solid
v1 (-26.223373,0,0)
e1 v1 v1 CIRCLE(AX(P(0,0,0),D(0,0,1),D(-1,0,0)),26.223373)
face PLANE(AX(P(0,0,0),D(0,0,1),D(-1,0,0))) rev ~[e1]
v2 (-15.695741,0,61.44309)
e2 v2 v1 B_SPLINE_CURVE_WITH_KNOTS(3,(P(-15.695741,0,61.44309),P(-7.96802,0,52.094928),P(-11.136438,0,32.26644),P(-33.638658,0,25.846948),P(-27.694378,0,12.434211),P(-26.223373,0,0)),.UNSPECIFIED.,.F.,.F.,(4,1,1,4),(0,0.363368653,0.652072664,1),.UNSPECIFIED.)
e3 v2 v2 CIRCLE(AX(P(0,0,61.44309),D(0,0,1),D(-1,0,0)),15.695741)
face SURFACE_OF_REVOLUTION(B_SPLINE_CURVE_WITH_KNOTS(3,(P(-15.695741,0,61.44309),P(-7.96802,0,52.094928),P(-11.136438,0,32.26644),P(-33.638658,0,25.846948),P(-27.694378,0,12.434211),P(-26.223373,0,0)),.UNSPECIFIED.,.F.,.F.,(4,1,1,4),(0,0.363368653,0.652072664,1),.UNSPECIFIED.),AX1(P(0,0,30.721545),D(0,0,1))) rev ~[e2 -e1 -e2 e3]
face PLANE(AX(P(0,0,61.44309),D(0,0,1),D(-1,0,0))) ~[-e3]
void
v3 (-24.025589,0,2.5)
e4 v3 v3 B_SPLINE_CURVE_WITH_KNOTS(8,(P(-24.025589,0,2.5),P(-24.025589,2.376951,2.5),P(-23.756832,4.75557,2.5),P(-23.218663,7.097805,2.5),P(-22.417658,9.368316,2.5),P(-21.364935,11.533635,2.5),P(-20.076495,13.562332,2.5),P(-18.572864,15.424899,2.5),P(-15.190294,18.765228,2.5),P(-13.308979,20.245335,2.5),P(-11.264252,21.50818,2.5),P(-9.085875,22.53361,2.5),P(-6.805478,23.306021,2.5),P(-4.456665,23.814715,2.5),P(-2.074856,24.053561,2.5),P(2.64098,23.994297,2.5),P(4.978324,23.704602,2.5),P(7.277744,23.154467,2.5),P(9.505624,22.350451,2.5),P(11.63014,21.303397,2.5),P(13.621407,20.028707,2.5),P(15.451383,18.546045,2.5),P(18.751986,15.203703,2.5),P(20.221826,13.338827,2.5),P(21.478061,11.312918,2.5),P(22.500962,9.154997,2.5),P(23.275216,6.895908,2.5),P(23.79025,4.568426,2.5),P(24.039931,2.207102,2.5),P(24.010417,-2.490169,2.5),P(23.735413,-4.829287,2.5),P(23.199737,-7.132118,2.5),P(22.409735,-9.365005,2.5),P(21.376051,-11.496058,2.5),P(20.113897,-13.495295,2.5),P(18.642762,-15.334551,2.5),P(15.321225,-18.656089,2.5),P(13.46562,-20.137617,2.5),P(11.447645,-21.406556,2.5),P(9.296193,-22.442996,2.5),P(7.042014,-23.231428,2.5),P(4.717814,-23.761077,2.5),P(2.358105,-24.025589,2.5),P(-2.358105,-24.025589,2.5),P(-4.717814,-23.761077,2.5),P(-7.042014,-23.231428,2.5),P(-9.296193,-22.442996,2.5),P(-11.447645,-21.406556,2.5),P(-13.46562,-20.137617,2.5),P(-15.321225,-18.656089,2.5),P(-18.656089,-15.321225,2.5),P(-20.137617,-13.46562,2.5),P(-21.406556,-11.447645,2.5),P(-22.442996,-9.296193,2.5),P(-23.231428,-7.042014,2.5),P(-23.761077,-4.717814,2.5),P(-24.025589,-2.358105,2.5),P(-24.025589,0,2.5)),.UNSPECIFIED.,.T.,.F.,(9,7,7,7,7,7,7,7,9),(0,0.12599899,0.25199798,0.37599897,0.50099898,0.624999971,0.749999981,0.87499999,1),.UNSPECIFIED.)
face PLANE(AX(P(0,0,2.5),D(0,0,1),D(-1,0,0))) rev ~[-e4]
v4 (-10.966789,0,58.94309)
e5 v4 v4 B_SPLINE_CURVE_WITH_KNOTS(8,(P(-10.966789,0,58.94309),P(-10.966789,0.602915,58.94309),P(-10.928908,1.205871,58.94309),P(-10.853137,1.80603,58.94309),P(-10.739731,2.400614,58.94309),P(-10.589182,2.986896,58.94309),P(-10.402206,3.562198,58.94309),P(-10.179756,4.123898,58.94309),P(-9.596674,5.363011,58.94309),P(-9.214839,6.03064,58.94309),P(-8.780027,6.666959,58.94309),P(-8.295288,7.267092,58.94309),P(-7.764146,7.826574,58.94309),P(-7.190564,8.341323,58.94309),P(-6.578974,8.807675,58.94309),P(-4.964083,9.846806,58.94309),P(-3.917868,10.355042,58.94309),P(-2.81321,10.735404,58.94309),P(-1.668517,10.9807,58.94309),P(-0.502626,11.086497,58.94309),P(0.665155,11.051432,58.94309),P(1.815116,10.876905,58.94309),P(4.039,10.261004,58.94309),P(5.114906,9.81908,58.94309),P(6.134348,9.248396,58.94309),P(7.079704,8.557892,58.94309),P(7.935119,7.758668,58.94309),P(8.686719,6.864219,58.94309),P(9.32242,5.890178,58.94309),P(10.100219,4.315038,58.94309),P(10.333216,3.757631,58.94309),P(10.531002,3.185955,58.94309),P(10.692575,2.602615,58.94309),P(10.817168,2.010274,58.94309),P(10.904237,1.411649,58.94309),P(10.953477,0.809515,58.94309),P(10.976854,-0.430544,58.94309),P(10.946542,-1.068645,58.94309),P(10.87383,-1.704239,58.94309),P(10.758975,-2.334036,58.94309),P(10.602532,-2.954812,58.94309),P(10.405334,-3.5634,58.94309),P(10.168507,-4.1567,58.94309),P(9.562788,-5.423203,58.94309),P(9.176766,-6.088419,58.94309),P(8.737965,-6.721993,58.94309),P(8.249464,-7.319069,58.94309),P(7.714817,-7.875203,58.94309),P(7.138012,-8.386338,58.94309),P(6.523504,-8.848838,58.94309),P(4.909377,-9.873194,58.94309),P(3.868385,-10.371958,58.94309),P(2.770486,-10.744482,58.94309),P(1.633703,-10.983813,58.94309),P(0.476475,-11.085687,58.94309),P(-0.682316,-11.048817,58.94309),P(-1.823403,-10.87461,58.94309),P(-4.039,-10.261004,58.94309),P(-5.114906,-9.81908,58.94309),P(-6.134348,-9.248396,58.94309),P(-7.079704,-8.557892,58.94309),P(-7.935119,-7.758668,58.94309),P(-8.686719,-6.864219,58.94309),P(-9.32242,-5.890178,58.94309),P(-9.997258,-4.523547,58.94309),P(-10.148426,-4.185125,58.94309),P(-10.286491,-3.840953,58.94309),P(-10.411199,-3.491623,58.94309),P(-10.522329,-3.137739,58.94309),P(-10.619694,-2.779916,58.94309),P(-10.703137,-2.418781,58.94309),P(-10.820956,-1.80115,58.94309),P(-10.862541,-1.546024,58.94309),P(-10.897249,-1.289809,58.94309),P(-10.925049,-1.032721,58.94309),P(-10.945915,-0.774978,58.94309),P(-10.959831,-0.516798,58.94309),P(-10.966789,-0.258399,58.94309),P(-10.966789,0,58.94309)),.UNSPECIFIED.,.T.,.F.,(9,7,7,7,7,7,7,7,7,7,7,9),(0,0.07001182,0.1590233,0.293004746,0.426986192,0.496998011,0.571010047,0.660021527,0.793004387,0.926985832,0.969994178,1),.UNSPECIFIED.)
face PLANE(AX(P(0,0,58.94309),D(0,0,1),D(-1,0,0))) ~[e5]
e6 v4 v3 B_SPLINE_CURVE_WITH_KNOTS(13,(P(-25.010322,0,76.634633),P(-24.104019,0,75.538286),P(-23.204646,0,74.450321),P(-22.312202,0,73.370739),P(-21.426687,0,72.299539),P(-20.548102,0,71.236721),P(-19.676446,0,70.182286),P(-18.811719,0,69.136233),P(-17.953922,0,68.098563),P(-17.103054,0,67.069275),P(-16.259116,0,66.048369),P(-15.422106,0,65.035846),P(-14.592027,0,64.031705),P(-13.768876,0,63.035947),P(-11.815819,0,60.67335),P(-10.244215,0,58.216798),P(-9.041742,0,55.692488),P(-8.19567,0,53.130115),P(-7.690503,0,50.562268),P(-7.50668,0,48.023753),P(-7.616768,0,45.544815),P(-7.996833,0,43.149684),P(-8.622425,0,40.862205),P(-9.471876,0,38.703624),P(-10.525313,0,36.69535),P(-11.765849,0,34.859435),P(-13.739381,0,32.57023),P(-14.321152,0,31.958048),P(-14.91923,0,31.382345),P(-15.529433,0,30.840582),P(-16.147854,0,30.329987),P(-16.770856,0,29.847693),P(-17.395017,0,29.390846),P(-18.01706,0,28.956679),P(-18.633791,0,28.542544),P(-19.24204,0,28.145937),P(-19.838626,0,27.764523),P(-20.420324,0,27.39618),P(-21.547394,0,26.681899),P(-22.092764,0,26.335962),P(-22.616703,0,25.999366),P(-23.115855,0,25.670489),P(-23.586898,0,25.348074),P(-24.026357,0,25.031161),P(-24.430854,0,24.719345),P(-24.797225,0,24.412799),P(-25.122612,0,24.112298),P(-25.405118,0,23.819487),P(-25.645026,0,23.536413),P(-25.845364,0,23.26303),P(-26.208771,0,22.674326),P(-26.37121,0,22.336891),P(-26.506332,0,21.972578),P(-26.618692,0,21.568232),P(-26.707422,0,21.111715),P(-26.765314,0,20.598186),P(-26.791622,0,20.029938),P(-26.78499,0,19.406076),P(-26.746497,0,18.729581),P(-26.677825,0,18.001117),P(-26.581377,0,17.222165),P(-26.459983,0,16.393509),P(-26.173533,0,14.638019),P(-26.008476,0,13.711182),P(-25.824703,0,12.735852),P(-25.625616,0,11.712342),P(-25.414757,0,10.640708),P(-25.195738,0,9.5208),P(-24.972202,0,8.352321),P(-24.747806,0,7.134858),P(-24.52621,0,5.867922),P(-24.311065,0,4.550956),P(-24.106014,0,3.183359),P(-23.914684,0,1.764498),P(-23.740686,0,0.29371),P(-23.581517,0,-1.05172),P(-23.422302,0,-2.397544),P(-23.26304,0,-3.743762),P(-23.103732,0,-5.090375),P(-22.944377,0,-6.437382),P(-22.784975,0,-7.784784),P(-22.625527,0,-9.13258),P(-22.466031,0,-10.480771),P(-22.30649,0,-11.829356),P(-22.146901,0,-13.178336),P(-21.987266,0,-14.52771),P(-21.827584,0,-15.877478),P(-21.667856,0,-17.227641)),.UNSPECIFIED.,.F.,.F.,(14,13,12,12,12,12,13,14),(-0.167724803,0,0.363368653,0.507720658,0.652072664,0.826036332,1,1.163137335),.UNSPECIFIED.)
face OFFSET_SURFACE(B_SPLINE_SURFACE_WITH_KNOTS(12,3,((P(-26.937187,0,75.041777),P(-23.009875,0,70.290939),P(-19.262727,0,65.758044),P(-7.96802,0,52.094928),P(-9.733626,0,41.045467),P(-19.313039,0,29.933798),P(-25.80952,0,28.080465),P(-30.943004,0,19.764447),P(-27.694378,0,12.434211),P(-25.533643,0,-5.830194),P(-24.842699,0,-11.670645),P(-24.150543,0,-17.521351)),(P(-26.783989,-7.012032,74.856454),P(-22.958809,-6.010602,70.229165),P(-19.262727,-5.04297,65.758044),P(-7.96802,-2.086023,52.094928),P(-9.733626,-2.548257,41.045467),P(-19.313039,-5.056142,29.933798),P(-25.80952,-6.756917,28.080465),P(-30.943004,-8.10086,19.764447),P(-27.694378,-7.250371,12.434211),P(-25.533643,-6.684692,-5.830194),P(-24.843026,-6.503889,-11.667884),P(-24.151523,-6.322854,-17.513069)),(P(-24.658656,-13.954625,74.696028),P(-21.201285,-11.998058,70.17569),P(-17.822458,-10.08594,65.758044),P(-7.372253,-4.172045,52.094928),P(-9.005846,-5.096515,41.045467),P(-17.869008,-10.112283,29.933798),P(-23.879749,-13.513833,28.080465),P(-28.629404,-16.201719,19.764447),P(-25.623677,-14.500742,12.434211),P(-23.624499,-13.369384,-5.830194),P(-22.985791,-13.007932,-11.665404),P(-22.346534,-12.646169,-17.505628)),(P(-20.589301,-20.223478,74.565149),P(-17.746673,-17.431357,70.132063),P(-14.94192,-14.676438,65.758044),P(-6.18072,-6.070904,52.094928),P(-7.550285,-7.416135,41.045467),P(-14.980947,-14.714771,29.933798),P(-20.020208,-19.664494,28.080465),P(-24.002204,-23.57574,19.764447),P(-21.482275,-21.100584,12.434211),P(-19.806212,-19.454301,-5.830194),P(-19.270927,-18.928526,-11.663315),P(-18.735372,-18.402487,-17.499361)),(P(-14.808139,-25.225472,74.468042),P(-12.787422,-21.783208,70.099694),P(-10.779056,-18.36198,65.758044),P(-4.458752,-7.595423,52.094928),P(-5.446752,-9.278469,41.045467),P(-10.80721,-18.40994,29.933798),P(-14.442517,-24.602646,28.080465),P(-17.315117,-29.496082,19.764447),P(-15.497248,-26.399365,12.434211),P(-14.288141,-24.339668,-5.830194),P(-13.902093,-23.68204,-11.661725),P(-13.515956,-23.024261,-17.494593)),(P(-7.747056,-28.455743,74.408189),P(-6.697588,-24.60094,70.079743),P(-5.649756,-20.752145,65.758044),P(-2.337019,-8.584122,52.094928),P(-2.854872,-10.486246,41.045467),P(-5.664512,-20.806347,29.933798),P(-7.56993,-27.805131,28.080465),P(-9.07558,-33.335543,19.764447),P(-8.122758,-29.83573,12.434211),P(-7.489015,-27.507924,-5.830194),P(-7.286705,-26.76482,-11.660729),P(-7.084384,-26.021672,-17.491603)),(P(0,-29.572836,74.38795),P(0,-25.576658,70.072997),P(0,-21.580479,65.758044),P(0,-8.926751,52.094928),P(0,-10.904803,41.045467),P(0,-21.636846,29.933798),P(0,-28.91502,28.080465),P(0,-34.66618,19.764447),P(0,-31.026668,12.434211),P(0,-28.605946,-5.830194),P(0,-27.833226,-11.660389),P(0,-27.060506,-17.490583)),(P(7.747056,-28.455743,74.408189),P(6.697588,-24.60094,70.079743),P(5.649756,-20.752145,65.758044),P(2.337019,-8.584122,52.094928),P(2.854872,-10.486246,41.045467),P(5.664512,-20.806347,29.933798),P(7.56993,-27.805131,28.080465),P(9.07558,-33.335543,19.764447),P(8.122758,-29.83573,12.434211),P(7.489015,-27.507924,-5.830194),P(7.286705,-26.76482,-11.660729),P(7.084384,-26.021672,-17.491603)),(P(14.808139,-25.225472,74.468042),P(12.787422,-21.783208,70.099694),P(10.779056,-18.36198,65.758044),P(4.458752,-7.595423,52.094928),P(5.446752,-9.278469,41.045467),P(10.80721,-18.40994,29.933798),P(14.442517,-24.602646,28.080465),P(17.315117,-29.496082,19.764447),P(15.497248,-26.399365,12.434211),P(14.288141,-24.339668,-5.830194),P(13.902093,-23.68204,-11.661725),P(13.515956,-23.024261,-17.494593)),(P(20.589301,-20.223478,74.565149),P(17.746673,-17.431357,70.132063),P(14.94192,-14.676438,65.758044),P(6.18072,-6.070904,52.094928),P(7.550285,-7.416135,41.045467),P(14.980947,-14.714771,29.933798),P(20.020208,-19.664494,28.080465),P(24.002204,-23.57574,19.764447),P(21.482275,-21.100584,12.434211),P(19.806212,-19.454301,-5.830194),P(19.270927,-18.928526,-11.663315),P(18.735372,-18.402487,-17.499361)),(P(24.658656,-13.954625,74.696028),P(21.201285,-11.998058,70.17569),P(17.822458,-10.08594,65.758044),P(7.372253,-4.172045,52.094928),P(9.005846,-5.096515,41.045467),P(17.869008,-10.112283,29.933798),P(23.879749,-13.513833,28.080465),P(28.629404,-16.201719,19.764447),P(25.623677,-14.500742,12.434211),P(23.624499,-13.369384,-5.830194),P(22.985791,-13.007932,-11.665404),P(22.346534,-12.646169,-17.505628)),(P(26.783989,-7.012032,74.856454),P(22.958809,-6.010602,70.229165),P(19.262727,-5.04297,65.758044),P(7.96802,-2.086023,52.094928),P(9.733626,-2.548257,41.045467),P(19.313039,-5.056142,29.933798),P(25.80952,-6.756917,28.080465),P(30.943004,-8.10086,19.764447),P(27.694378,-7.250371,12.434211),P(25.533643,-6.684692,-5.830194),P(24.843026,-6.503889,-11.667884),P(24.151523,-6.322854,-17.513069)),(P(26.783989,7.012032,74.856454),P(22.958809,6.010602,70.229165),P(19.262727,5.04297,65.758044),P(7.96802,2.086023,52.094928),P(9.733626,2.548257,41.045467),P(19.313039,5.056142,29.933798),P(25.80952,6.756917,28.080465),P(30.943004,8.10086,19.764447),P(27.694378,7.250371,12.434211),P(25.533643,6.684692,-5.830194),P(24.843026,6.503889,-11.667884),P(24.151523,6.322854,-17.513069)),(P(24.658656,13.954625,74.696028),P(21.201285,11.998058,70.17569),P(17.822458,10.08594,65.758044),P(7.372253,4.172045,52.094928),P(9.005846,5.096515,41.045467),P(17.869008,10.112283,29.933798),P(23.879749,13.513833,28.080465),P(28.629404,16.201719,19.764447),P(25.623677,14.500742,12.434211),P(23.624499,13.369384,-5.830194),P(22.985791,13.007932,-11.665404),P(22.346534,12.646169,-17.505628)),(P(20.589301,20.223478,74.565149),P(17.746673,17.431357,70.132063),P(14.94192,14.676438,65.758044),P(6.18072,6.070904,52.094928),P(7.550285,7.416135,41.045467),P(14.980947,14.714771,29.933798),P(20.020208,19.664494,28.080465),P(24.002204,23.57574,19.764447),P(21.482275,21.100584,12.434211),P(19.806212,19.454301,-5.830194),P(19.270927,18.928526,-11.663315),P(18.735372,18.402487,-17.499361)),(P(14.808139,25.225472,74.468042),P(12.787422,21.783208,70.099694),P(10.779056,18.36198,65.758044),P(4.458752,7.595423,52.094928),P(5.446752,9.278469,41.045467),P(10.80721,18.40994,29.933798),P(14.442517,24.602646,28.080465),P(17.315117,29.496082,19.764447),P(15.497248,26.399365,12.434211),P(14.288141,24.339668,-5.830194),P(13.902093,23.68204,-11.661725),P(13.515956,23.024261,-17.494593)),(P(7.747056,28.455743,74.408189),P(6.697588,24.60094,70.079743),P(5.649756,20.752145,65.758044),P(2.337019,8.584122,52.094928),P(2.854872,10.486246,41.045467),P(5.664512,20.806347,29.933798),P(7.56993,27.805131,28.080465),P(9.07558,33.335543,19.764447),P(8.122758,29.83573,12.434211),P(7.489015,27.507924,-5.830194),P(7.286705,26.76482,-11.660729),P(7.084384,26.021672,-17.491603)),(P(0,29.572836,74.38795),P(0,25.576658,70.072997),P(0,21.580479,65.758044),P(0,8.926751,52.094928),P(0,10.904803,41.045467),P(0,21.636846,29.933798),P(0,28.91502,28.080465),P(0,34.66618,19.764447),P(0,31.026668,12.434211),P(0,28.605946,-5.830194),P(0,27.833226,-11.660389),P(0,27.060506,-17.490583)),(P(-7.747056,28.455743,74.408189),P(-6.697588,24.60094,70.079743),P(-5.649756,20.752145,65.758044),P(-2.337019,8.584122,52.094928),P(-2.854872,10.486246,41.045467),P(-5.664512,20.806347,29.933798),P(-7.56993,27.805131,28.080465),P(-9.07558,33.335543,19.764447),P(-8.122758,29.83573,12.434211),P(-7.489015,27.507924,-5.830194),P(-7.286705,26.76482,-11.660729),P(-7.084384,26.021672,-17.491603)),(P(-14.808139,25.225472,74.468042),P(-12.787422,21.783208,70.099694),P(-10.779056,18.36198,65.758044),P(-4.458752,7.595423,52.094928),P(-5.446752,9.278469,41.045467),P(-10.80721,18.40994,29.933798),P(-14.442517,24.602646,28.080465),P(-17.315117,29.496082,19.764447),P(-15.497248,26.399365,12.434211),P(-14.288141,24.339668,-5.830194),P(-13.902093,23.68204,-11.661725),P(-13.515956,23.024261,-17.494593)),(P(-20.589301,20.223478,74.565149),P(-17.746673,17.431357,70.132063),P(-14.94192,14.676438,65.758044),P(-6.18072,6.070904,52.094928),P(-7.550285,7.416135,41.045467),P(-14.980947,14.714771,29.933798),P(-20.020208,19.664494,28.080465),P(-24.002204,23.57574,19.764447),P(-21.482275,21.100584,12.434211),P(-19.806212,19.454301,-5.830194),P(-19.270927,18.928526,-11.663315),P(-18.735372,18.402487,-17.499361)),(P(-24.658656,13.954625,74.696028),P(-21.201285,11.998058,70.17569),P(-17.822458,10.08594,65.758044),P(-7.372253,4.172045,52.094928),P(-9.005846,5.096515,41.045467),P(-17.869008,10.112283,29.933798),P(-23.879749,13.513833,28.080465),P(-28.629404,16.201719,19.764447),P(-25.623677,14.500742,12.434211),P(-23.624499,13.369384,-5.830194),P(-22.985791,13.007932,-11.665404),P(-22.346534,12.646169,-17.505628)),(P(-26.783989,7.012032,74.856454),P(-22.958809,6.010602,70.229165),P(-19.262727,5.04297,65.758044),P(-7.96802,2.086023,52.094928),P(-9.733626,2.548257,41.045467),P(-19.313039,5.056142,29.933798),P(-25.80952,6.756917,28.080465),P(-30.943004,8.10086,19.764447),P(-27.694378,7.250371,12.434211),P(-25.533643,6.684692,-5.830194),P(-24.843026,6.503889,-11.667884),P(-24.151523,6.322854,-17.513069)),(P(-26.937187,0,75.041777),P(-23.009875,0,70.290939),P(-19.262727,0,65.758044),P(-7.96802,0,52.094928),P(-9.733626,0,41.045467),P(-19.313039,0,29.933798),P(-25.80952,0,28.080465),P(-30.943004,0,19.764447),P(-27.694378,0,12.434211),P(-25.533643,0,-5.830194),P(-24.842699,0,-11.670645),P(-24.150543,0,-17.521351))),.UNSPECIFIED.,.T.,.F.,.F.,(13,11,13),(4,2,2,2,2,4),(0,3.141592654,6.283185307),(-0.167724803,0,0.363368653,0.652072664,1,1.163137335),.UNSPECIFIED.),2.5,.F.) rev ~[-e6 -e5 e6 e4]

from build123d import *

# Parameters (mm, degrees)
F2_T = -2.5


with BuildPart() as f1:
    # F0 (on Front) → F1 (revolve)
    with BuildSketch(Plane.XZ):
        with BuildLine():
            Line((-26.223372668, 0), (0, 0))
            Line((0, 0), (0, 61.4430904388))
            Line((0, 61.4430904388), (-15.6957414001, 61.4430904388))
            add(Edge.make_bspline(
                [(-15.6957414001, 61.4430904388), (-7.9680195577, 52.0949276143), (-11.1364378066, 32.2664395511), (-33.6386575739, 25.8469480055), (-27.6943780482, 12.4342106283), (-26.223372668, 0)],
                knots=[0, 0, 0, 0, 0.3633686525, 0.6520726637, 1, 1, 1, 1], degree=3))
        make_face()
    revolve(axis=Axis((0, 0, 30.7215452194), (0, 0, 1)))

    # F2 (hollow: no face is removed)
    offset(amount=F2_T, kind=Kind.INTERSECTION, mode=Mode.SUBTRACT)


solid = f1.part
